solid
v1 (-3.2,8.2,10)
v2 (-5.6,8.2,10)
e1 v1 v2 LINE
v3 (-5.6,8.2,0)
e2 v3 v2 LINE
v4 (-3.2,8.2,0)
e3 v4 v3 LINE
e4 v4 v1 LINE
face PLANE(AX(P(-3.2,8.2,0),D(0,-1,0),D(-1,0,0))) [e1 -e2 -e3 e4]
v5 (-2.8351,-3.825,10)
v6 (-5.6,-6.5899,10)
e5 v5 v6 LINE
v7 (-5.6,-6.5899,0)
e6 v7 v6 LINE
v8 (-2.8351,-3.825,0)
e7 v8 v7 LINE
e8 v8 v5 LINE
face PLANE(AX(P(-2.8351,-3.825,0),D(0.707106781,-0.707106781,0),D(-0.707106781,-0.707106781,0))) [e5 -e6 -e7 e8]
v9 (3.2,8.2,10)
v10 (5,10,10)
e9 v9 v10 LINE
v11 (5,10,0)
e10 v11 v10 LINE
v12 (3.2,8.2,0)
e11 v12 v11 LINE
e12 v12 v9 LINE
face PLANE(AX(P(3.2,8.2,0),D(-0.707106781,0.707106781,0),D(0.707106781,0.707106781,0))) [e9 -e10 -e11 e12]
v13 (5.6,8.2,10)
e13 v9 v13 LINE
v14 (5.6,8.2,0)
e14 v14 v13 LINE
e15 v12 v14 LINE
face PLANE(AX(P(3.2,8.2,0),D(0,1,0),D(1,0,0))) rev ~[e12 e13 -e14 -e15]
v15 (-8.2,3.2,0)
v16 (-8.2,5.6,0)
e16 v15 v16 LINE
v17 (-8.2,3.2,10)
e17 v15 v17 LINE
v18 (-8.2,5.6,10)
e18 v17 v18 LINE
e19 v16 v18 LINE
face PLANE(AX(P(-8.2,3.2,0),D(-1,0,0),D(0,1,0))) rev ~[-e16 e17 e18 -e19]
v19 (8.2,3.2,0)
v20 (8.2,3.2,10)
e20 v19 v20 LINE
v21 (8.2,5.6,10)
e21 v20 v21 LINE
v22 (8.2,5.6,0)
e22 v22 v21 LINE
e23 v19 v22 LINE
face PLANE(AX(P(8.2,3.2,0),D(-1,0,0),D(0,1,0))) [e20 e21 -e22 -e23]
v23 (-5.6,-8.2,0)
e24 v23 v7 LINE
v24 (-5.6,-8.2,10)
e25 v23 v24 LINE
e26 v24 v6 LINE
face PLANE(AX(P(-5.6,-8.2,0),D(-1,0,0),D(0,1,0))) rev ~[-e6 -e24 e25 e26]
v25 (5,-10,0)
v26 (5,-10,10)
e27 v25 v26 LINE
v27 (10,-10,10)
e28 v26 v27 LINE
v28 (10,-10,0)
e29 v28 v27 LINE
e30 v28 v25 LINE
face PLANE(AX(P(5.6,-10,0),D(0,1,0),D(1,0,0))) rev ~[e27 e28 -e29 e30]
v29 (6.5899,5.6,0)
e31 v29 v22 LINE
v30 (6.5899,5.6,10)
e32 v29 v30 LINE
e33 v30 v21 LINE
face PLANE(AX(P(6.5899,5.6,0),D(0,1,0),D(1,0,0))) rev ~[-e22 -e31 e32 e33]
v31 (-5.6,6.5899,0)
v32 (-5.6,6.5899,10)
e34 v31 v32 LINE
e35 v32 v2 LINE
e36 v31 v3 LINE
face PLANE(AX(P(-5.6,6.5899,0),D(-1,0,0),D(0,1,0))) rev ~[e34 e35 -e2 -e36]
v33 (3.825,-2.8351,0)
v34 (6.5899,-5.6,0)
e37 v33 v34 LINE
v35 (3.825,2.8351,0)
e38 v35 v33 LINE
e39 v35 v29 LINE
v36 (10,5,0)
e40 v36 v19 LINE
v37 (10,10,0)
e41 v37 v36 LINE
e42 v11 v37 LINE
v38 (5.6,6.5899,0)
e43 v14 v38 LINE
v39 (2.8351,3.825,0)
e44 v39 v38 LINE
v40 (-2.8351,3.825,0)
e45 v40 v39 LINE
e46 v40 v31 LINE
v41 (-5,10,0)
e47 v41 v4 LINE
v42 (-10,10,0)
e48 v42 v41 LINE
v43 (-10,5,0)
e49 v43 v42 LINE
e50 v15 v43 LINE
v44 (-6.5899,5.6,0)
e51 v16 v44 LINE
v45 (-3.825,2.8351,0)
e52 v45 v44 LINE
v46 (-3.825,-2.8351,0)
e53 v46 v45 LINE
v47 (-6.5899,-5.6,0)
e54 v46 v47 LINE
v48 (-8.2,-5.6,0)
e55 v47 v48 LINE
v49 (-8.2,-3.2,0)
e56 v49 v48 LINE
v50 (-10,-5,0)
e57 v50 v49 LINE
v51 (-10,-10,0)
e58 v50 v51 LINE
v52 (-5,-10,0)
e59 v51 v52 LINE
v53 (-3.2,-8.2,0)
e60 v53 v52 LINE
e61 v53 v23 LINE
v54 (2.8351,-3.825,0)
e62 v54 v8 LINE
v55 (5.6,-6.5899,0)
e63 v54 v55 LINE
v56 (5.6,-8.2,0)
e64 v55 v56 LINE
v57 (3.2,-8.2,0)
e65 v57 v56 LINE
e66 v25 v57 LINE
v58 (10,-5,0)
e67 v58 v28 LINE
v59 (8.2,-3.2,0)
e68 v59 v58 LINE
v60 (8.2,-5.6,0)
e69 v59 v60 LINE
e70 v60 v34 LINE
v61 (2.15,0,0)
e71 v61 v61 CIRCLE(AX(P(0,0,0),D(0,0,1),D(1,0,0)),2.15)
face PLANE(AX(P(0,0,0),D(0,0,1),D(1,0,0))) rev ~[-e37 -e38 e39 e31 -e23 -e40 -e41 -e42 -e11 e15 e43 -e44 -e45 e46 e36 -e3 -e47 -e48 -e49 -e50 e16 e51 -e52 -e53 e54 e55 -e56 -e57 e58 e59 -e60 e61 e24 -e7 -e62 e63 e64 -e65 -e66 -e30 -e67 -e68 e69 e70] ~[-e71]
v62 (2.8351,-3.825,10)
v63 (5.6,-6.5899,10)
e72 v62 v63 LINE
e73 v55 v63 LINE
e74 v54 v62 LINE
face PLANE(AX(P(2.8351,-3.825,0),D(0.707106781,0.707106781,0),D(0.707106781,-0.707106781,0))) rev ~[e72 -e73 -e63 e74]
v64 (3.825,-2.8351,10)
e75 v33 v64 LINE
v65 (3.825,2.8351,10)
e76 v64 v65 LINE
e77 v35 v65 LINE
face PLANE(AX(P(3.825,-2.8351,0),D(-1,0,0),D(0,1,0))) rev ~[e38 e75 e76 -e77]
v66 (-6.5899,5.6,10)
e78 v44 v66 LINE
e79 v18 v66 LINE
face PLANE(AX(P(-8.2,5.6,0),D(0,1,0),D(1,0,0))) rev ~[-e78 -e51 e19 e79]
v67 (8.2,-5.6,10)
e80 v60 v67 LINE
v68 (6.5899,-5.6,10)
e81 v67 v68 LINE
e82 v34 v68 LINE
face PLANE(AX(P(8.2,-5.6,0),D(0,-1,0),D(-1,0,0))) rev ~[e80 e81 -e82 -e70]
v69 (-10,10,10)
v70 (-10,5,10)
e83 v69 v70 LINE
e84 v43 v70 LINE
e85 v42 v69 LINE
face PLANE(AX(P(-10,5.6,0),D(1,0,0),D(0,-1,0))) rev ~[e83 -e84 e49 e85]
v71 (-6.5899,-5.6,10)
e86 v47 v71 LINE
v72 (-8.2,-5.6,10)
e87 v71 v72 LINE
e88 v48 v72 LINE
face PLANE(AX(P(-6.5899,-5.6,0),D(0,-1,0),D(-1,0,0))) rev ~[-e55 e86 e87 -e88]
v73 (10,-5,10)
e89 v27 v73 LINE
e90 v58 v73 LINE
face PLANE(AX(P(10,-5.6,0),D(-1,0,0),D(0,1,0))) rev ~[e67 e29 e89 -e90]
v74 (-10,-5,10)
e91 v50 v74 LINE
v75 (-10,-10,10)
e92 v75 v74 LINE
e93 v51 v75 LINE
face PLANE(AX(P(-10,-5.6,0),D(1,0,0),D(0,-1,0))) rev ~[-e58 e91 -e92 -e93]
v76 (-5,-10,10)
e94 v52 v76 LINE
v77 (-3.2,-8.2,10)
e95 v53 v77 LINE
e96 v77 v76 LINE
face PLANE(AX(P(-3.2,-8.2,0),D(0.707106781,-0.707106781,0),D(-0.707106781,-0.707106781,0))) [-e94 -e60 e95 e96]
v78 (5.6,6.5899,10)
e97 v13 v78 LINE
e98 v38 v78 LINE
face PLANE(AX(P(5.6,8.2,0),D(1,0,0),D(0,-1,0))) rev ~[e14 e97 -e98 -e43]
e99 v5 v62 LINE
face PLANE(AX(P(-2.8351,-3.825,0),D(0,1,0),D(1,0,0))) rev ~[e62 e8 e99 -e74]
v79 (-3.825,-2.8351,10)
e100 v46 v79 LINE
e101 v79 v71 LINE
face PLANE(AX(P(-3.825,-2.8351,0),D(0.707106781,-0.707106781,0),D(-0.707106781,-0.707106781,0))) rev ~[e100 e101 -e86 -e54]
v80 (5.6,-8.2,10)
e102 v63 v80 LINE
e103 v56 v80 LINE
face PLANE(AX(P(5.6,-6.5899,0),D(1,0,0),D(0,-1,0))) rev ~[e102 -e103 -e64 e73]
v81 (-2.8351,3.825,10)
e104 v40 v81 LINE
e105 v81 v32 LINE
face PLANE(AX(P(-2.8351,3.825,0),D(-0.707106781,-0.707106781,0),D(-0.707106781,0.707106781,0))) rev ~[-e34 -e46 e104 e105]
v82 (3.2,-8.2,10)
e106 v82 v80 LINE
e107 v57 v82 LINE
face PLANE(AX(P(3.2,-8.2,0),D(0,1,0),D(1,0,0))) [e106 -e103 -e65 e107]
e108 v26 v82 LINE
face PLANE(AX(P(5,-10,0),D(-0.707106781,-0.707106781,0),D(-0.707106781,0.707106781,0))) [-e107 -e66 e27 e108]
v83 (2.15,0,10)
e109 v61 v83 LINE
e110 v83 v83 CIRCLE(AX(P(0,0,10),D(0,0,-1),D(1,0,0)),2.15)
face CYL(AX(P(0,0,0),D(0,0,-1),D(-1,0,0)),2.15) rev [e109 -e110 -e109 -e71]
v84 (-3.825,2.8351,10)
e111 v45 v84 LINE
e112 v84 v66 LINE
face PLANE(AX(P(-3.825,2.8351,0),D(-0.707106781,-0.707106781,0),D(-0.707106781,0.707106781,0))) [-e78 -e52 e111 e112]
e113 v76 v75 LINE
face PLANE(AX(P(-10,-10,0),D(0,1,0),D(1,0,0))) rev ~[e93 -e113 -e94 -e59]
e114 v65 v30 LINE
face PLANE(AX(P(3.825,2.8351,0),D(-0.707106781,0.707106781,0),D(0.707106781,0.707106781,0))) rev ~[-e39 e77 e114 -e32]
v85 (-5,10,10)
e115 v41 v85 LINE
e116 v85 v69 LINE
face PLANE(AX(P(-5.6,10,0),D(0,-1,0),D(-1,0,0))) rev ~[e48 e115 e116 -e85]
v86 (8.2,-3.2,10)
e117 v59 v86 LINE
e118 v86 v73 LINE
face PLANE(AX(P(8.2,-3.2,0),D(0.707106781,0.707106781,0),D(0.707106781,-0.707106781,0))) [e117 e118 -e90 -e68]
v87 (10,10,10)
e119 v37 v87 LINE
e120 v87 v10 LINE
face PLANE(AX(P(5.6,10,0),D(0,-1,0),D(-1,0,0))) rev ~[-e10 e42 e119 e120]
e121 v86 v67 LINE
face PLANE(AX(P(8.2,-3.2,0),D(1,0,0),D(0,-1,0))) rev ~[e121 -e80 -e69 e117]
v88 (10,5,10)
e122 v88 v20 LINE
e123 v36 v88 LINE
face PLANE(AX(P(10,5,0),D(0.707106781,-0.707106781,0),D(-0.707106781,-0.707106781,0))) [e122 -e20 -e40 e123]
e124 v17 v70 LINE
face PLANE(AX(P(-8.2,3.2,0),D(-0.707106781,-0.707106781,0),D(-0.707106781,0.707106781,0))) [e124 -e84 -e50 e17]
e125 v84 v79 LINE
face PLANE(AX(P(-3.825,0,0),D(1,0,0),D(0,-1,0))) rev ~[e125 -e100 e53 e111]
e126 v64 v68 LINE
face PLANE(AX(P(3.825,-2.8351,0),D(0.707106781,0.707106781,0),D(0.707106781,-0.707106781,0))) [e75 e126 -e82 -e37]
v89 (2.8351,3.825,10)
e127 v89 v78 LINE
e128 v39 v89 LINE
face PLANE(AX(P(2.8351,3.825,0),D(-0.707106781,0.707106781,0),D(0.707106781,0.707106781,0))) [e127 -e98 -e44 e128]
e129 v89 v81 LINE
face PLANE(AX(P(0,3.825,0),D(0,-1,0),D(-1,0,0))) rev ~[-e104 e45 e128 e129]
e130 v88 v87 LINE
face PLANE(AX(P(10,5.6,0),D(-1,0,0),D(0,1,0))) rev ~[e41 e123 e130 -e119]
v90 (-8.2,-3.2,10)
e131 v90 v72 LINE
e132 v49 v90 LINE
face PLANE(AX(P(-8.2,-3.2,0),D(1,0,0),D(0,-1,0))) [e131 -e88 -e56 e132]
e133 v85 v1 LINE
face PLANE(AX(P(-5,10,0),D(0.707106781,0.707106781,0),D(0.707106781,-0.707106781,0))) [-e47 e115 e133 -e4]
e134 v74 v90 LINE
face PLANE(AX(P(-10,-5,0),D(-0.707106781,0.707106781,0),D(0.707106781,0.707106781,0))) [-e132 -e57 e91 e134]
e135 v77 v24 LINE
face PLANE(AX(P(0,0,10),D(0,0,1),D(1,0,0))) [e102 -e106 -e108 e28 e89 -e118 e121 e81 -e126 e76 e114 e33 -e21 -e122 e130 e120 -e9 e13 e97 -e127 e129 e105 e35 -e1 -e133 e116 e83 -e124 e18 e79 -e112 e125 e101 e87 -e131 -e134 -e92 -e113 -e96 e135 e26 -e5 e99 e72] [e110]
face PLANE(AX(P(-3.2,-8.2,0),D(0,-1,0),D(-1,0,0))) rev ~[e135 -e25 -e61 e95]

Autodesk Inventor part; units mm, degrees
ref_plane "YZ Plane" through (0, 0, 0) normal (1, 0, 0) x (0, 1, 0)
ref_plane "XZ Plane" through (0, 0, 0) normal (0, 1, 0) x (-1, 0, 0)
ref_plane "XY Plane" through (0, 0, 0) normal (0, 0, 1) x (1, 0, 0)
sketch "Sketch1" plane through (0, 0, 0) normal (0, 0, 1) x (1, 0, 0)
  line L0 (-10, -10) -> (-5.6, -10)
  line L1 (-10, -5.6) -> (-10, -10)
  line L2 (-5.6, -10) -> (-5, -10)
  line L3 (-3.2, -8.2) -> (-5.6, -8.2)
  line L4 (-2.8351, -3.825) -> (-5.6, -6.5899)
  line L5 (-3.825, -2.8351) -> (-6.5899, -5.6)
  line L6 (0, 0) -> (0, -11) construction
  line L7 (0, 0) -> (-12, 0) construction
  line L8 (-3.2, -8.2) -> (-5, -10)
  line L9 (-6.5899, -5.6) -> (-8.2, -5.6)
  line L10 (-10, -5.6) -> (-10, -5)
  line L11 (-10, -5) -> (-8.2, -3.2)
  line L12 (-8.2, -3.2) -> (-8.2, -5.6)
  line L13 (-5.6, -8.2) -> (-5.6, -6.5899)
  arc A0 (-2.15, 0) -> (0, -2.15) centre (0, 0) ccw
  line L14 (0, 0) -> (-3.825, 0)
  line L15 (-3.825, 0) -> (-3.825, -2.8351)
  line L16 (-2.8351, -3.825) -> (0, -3.825)
  line L17 (0, -3.825) -> (0, 0)
  line L18 (-2.8351, -3.825) -> (-3.825, -3.825) construction
  line L19 (-3.825, -3.825) -> (-3.825, -2.8351) construction
  line L20 (3.825, -2.8351) -> (3.825, -3.825) construction
  line L21 (3.825, -2.8351) -> (3.825, 0)
  line L22 (3.825, -3.825) -> (2.8351, -3.825) construction
  line L23 (3.825, 0) -> (0, 0)
  line L24 (0, -3.825) -> (2.8351, -3.825)
  arc A1 (0, -2.15) -> (2.15, 0) centre (0, 0) ccw
  line L25 (0, 0) -> (0, -3.825)
  line L26 (2.8351, -3.825) -> (5.6, -6.5899)
  line L27 (0, 0) -> (0, -12) construction
  line L28 (0, 0) -> (11, 0) construction
  line L29 (3.825, -2.8351) -> (6.5899, -5.6)
  line L30 (8.2, -3.2) -> (8.2, -5.6)
  line L31 (10, -5.6) -> (10, -5)
  line L32 (8.2, -3.2) -> (10, -5)
  line L33 (8.2, -5.6) -> (6.5899, -5.6)
  line L34 (5.6, -6.5899) -> (5.6, -8.2)
  line L35 (10, -10) -> (10, -5.6)
  line L36 (5.6, -10) -> (10, -10)
  line L37 (3.2, -8.2) -> (5.6, -8.2)
  line L38 (5, -10) -> (3.2, -8.2)
  line L39 (5.6, -10) -> (5, -10)
  line L40 (2.8351, 3.825) -> (3.825, 3.825) construction
  line L41 (2.8351, 3.825) -> (0, 3.825)
  line L42 (3.825, 3.825) -> (3.825, 2.8351) construction
  line L43 (0, 3.825) -> (0, 0)
  line L44 (3.825, 0) -> (3.825, 2.8351)
  arc A2 (2.15, 0) -> (0, 2.15) centre (0, 0) ccw
  line L45 (0, 0) -> (3.825, 0)
  line L46 (3.825, 2.8351) -> (6.5899, 5.6)
  line L47 (0, 0) -> (12, 0) construction
  line L48 (0, 0) -> (0, 11) construction
  line L49 (2.8351, 3.825) -> (5.6, 6.5899)
  line L50 (3.2, 8.2) -> (5.6, 8.2)
  line L51 (5.6, 10) -> (5, 10)
  line L52 (3.2, 8.2) -> (5, 10)
  line L53 (5.6, 8.2) -> (5.6, 6.5899)
  line L54 (6.5899, 5.6) -> (8.2, 5.6)
  line L55 (10, 10) -> (5.6, 10)
  line L56 (10, 5.6) -> (10, 10)
  line L57 (8.2, 3.2) -> (8.2, 5.6)
  line L58 (10, 5) -> (8.2, 3.2)
  line L59 (10, 5.6) -> (10, 5)
  line L60 (-3.825, 2.8351) -> (-3.825, 3.825) construction
  line L61 (-3.825, 2.8351) -> (-3.825, 0)
  line L62 (-3.825, 3.825) -> (-2.8351, 3.825) construction
  line L63 (-3.825, 0) -> (0, 0)
  line L64 (0, 3.825) -> (-2.8351, 3.825)
  arc A3 (0, 2.15) -> (-2.15, 0) centre (0, 0) ccw
  line L65 (0, 0) -> (0, 3.825)
  line L66 (-2.8351, 3.825) -> (-5.6, 6.5899)
  line L67 (0, 0) -> (0, 12) construction
  line L68 (0, 0) -> (-11, 0) construction
  line L69 (-3.825, 2.8351) -> (-6.5899, 5.6)
  line L70 (-8.2, 3.2) -> (-8.2, 5.6)
  line L71 (-10, 5.6) -> (-10, 5)
  line L72 (-8.2, 3.2) -> (-10, 5)
  line L73 (-8.2, 5.6) -> (-6.5899, 5.6)
  line L74 (-5.6, 6.5899) -> (-5.6, 8.2)
  line L75 (-10, 10) -> (-10, 5.6)
  line L76 (-5.6, 10) -> (-10, 10)
  line L77 (-3.2, 8.2) -> (-5.6, 8.2)
  line L78 (-5, 10) -> (-3.2, 8.2)
  line L79 (-5.6, 10) -> (-5, 10)
  point P0 (0, 2.15)
  point P1 (2.15, 0)
  point P2 (0, -2.15)
  dimension "d16" = 10
  dimension "d19" = 3.2
  dimension "d21" = 4.4
  dimension "d22" = 4.4
  dimension "d24" = 45
  dimension "d25" = 1.8
  dimension "d27" = 1.8
  dimension "d28" = 45
  dimension "d29" = 3.2
  dimension "d31" = 1.4
  dimension "d33" = 2.15
  dimension "d34" = 3.825
  dimension "d35" = 3.825
  dimension "d36" = 135
  dimension "d39" = 360
extrude "Extrusion1" add sketch "Sketch1" along normal blind 10 contours L1 L10 L11 L12 L9 L5 L15 L14 A0 L17 L16 L4 L13 L3 L8 L2 L0 | L17 A1 L23 L21 L29 L33 L30 L32 L31 L35 L36 L39 L38 L37 L34 L26 L24 | L61 L69 L73 L70 L72 L71 L75 L76 L79 L78 L77 L74 L66 L64 L43 A3 L14 | A2 L43 L41 L49 L53 L50 L52 L51 L55 L56 L59 L58 L57 L54 L46 L44 L23
properties part number "AP20x20"
